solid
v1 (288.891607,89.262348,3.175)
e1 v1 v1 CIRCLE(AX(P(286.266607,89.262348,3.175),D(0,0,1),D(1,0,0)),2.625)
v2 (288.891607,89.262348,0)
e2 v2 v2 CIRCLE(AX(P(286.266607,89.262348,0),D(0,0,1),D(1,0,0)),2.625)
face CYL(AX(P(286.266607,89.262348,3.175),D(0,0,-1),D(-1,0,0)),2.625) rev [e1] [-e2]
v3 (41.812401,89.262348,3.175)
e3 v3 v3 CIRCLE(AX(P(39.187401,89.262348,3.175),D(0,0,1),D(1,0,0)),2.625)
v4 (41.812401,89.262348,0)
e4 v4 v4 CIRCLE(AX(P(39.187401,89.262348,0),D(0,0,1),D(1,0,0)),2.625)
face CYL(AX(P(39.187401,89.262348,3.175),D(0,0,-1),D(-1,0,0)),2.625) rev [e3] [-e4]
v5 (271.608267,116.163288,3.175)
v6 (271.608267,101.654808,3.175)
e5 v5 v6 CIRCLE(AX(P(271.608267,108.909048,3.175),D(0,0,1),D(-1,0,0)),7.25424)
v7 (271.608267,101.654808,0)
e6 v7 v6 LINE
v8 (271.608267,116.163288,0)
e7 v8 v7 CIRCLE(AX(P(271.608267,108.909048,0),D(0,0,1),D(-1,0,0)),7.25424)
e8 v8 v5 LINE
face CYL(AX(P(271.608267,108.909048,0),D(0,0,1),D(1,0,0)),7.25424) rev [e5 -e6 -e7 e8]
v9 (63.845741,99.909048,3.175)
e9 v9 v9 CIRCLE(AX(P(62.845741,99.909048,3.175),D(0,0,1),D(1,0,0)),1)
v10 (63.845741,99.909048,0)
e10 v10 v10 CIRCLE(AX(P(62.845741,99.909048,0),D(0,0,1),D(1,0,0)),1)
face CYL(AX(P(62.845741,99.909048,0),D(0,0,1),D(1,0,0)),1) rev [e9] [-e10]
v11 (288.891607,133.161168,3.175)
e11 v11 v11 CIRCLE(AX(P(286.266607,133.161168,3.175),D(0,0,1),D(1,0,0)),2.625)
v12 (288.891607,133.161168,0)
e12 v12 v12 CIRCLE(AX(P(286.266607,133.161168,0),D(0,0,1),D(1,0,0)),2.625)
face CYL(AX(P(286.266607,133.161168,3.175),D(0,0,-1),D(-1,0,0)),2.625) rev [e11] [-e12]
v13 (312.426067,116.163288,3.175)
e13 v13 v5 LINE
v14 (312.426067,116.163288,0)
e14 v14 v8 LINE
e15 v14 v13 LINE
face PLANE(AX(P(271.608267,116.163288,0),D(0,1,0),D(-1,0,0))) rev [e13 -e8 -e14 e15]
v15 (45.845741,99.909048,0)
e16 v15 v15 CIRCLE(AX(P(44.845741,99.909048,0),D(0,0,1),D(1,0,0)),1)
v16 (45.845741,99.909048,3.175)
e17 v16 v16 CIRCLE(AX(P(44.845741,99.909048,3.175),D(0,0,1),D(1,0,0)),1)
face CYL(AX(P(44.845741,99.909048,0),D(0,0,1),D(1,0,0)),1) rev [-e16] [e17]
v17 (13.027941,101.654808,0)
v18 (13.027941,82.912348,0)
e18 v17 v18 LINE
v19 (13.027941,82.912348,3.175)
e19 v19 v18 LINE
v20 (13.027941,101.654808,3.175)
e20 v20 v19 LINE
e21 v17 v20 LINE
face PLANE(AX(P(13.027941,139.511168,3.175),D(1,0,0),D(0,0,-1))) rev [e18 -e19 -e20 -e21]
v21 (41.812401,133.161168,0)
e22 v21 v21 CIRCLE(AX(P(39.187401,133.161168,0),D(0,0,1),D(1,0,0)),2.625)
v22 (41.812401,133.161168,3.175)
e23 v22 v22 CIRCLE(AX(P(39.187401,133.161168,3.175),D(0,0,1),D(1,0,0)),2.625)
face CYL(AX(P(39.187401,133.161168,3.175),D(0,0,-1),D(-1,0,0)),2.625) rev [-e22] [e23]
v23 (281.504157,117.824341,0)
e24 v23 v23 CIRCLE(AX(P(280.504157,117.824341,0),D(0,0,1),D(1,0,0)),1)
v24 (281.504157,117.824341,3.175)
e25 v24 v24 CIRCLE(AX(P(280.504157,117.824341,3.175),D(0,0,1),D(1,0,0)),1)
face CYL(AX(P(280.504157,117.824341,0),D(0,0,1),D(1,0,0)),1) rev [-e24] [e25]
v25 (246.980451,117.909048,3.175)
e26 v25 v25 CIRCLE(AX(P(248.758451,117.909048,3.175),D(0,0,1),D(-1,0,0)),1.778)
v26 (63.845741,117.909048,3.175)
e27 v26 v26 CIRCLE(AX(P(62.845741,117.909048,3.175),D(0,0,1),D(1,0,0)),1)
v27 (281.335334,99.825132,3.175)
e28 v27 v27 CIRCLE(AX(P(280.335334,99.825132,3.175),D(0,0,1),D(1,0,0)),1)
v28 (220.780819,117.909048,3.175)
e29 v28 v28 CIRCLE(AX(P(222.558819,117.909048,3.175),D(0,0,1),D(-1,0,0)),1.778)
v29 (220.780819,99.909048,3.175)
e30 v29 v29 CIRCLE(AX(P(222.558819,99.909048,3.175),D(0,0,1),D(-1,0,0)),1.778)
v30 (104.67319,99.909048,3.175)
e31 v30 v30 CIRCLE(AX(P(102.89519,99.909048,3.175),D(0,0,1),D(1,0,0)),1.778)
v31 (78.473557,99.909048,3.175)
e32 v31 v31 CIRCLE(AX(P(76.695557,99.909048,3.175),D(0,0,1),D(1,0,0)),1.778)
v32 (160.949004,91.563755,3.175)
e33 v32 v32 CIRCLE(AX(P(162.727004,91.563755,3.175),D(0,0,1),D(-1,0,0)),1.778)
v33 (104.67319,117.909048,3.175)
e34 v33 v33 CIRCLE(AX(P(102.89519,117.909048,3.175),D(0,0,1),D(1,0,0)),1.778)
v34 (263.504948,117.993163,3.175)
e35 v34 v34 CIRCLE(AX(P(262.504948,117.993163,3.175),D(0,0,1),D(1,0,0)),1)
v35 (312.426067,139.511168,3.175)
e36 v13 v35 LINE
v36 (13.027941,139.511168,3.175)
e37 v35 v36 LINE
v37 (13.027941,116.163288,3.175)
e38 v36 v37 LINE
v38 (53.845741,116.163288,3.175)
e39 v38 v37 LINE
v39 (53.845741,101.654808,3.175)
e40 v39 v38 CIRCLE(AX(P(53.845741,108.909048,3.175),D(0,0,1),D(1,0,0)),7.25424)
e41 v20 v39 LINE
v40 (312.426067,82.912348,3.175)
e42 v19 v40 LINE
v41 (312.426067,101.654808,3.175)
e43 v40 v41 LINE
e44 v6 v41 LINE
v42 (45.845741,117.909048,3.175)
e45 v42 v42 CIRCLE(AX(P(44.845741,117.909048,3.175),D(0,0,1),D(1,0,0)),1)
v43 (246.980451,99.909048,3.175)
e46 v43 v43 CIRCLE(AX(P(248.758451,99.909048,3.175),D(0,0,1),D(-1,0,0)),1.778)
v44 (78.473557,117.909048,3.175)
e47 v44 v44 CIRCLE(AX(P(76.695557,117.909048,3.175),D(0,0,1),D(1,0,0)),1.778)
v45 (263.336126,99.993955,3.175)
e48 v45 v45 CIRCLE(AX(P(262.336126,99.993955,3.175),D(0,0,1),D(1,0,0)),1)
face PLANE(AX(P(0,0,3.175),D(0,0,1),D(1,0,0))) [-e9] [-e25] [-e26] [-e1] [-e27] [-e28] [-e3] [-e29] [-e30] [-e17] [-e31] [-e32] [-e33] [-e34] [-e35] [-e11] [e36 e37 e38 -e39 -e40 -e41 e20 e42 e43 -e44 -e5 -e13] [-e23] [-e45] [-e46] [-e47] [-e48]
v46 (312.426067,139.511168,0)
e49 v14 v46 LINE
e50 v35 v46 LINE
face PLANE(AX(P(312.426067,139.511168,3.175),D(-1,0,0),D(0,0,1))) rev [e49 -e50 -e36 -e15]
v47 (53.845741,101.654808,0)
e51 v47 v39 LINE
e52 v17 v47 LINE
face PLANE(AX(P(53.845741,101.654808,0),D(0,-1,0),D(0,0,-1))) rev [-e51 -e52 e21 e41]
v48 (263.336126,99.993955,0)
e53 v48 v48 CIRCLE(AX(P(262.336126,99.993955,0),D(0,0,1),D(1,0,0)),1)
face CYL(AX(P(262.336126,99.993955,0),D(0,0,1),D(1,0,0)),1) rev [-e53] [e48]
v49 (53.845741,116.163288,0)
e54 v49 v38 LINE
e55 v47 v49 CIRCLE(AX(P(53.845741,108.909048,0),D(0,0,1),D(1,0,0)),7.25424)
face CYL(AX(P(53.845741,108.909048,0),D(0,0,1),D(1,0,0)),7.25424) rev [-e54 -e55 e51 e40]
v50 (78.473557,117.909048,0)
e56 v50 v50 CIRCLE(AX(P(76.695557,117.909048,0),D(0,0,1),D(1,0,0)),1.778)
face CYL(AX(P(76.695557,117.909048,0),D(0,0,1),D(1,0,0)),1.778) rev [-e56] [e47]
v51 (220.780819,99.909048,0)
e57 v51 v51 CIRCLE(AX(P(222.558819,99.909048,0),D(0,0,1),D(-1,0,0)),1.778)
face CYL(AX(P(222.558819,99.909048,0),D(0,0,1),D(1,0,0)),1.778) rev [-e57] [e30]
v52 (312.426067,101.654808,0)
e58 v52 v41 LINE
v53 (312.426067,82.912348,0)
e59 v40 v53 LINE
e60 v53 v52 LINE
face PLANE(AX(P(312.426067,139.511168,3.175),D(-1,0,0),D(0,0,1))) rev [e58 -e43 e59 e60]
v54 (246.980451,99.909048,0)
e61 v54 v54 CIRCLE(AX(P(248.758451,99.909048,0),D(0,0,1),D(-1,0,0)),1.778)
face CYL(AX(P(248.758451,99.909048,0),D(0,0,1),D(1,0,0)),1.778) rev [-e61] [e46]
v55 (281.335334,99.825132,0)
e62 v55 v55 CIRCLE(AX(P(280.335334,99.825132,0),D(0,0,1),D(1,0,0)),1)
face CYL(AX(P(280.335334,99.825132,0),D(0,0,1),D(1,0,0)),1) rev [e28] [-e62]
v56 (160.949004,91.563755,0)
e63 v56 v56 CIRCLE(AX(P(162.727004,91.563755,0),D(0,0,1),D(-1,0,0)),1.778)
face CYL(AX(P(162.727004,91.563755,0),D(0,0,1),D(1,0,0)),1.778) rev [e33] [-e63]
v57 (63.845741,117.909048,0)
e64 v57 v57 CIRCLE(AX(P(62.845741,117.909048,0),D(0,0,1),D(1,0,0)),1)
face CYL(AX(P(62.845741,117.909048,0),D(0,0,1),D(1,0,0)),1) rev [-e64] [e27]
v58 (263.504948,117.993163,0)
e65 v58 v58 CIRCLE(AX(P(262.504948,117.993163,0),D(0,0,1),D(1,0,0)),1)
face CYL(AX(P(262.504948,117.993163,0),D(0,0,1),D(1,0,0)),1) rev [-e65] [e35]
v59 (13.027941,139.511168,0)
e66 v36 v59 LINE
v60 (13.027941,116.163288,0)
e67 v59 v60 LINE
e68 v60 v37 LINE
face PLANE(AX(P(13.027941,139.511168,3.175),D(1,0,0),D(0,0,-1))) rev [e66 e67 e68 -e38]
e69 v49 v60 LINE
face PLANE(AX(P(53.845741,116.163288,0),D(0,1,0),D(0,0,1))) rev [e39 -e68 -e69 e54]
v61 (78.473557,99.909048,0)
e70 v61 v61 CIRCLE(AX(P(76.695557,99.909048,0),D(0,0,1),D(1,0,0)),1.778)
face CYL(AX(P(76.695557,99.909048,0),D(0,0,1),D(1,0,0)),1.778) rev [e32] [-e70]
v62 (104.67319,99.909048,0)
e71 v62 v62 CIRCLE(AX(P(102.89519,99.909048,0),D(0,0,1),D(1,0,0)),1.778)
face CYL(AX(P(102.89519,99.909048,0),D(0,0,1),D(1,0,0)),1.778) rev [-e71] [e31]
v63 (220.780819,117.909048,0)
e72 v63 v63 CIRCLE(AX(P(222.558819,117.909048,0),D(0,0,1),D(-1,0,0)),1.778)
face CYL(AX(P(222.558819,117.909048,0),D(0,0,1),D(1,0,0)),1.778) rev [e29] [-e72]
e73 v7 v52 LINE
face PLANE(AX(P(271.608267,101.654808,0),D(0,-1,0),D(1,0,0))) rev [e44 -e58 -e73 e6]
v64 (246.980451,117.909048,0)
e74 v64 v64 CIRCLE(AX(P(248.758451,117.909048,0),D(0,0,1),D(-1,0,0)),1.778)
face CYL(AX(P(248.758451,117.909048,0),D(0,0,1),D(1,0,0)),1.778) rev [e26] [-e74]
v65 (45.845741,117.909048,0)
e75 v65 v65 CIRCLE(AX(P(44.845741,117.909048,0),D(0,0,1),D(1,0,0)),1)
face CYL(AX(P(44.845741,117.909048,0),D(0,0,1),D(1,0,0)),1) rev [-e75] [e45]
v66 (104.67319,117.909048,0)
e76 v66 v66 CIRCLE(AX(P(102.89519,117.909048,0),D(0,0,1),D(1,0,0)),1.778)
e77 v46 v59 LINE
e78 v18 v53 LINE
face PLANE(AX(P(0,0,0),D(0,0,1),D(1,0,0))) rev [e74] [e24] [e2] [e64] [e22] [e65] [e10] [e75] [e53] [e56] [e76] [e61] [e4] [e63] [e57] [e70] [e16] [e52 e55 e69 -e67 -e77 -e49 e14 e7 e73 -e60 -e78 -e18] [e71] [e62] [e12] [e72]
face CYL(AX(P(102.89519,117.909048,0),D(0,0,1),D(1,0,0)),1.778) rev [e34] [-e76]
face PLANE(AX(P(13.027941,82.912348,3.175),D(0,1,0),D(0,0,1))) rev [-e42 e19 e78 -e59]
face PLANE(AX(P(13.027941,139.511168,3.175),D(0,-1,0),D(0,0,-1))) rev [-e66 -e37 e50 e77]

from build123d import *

# Parameters (mm, degrees)
SKETCH1_W           = 299.398126018
SKETCH1_H           = 56.59882
SKETCH1_R           = 2.625
BOSS_EXTRUDE1_DEPTH = 3.175
SKETCH2_R           = 1
CUT_EXTRUDE1_DEPTH  = 4.175
SKETCH3_R           = 1.778
CUT_EXTRUDE2_DEPTH  = 4.175
CUT_EXTRUDE3_DEPTH  = 4.175


with BuildPart() as part:
    # Sketch1 → Boss-Extrude1 (new body)
    with BuildSketch(Plane.XY):
        with Locations((162.727004442, 111.211757818)):
            Rectangle(SKETCH1_W, SKETCH1_H)
        with Locations((286.266607451, 133.161167818)):
            Circle(SKETCH1_R, mode=Mode.SUBTRACT)
        with Locations((286.266607451, 89.262347818)):
            Circle(SKETCH1_R, mode=Mode.SUBTRACT)
        with Locations((39.187401433, 133.161167818)):
            Circle(SKETCH1_R, mode=Mode.SUBTRACT)
        with Locations((39.187401433, 89.262347818)):
            Circle(SKETCH1_R, mode=Mode.SUBTRACT)
    extrude(amount=BOSS_EXTRUDE1_DEPTH)

    # Sketch2 → Cut-Extrude1 (cut, through all)
    with BuildSketch(Plane.XY.offset(3.175)):
        with Locations((280.504156768, 117.824340674)):
            Circle(SKETCH2_R)
        with Locations((280.335334394, 99.825132385)):
            Circle(SKETCH2_R)
        with Locations((262.504948479, 117.993163047)):
            Circle(SKETCH2_R)
        with Locations((262.336126106, 99.993954759)):
            Circle(SKETCH2_R)
        with Locations((62.845741433, 117.909047818)):
            Circle(SKETCH2_R)
        with Locations((62.845741433, 99.909047818)):
            Circle(SKETCH2_R)
        with Locations((44.845741433, 117.909047818)):
            Circle(SKETCH2_R)
        with Locations((44.845741433, 99.909047818)):
            Circle(SKETCH2_R)
    extrude(amount=-CUT_EXTRUDE1_DEPTH, mode=Mode.SUBTRACT)

    # Sketch3 → Cut-Extrude2 (cut, through all)
    with BuildSketch(Plane.XY.offset(3.175)):
        with Locations((76.695557497, 117.909047818)):
            Circle(SKETCH3_R)
        with Locations((76.695557497, 99.909047818)):
            Circle(SKETCH3_R)
        with Locations((102.895189625, 117.909047818)):
            Circle(SKETCH3_R)
        with Locations((102.895189625, 99.909047818)):
            Circle(SKETCH3_R)
        with Locations((248.758451386, 99.909047818)):
            Circle(SKETCH3_R)
        with Locations((222.558819258, 99.909047818)):
            Circle(SKETCH3_R)
        with Locations((222.558819258, 117.909047818)):
            Circle(SKETCH3_R)
        with Locations((248.758451386, 117.909047818)):
            Circle(SKETCH3_R)
        with Locations((162.727004442, 91.563754554)):
            Circle(SKETCH3_R)
    extrude(amount=-CUT_EXTRUDE2_DEPTH, mode=Mode.SUBTRACT)

    # Sketch5 → Cut-Extrude3 (cut, through all)
    with BuildSketch(Plane.XY.offset(3.175)):
        with BuildLine():
            Line((53.845741433, 116.163287818), (13.027941433, 116.163287818))
            Line((13.027941433, 116.163287818), (13.027941433, 101.654807818))
            Line((13.027941433, 101.654807818), (53.845741433, 101.654807818))
            ThreePointArc((53.845741433, 101.654807818), (61.099981433, 108.909047818), (53.845741433, 116.163287818))
        make_face()
        with BuildLine():
            Line((271.608267451, 101.654807818), (312.426067451, 101.654807818))
            Line((312.426067451, 101.654807818), (312.426067451, 116.163287818))
            Line((312.426067451, 116.163287818), (271.608267451, 116.163287818))
            ThreePointArc((271.608267451, 116.163287818), (264.354027451, 108.909047818), (271.608267451, 101.654807818))
        make_face()
    extrude(amount=-CUT_EXTRUDE3_DEPTH, mode=Mode.SUBTRACT)


solid = part.part
